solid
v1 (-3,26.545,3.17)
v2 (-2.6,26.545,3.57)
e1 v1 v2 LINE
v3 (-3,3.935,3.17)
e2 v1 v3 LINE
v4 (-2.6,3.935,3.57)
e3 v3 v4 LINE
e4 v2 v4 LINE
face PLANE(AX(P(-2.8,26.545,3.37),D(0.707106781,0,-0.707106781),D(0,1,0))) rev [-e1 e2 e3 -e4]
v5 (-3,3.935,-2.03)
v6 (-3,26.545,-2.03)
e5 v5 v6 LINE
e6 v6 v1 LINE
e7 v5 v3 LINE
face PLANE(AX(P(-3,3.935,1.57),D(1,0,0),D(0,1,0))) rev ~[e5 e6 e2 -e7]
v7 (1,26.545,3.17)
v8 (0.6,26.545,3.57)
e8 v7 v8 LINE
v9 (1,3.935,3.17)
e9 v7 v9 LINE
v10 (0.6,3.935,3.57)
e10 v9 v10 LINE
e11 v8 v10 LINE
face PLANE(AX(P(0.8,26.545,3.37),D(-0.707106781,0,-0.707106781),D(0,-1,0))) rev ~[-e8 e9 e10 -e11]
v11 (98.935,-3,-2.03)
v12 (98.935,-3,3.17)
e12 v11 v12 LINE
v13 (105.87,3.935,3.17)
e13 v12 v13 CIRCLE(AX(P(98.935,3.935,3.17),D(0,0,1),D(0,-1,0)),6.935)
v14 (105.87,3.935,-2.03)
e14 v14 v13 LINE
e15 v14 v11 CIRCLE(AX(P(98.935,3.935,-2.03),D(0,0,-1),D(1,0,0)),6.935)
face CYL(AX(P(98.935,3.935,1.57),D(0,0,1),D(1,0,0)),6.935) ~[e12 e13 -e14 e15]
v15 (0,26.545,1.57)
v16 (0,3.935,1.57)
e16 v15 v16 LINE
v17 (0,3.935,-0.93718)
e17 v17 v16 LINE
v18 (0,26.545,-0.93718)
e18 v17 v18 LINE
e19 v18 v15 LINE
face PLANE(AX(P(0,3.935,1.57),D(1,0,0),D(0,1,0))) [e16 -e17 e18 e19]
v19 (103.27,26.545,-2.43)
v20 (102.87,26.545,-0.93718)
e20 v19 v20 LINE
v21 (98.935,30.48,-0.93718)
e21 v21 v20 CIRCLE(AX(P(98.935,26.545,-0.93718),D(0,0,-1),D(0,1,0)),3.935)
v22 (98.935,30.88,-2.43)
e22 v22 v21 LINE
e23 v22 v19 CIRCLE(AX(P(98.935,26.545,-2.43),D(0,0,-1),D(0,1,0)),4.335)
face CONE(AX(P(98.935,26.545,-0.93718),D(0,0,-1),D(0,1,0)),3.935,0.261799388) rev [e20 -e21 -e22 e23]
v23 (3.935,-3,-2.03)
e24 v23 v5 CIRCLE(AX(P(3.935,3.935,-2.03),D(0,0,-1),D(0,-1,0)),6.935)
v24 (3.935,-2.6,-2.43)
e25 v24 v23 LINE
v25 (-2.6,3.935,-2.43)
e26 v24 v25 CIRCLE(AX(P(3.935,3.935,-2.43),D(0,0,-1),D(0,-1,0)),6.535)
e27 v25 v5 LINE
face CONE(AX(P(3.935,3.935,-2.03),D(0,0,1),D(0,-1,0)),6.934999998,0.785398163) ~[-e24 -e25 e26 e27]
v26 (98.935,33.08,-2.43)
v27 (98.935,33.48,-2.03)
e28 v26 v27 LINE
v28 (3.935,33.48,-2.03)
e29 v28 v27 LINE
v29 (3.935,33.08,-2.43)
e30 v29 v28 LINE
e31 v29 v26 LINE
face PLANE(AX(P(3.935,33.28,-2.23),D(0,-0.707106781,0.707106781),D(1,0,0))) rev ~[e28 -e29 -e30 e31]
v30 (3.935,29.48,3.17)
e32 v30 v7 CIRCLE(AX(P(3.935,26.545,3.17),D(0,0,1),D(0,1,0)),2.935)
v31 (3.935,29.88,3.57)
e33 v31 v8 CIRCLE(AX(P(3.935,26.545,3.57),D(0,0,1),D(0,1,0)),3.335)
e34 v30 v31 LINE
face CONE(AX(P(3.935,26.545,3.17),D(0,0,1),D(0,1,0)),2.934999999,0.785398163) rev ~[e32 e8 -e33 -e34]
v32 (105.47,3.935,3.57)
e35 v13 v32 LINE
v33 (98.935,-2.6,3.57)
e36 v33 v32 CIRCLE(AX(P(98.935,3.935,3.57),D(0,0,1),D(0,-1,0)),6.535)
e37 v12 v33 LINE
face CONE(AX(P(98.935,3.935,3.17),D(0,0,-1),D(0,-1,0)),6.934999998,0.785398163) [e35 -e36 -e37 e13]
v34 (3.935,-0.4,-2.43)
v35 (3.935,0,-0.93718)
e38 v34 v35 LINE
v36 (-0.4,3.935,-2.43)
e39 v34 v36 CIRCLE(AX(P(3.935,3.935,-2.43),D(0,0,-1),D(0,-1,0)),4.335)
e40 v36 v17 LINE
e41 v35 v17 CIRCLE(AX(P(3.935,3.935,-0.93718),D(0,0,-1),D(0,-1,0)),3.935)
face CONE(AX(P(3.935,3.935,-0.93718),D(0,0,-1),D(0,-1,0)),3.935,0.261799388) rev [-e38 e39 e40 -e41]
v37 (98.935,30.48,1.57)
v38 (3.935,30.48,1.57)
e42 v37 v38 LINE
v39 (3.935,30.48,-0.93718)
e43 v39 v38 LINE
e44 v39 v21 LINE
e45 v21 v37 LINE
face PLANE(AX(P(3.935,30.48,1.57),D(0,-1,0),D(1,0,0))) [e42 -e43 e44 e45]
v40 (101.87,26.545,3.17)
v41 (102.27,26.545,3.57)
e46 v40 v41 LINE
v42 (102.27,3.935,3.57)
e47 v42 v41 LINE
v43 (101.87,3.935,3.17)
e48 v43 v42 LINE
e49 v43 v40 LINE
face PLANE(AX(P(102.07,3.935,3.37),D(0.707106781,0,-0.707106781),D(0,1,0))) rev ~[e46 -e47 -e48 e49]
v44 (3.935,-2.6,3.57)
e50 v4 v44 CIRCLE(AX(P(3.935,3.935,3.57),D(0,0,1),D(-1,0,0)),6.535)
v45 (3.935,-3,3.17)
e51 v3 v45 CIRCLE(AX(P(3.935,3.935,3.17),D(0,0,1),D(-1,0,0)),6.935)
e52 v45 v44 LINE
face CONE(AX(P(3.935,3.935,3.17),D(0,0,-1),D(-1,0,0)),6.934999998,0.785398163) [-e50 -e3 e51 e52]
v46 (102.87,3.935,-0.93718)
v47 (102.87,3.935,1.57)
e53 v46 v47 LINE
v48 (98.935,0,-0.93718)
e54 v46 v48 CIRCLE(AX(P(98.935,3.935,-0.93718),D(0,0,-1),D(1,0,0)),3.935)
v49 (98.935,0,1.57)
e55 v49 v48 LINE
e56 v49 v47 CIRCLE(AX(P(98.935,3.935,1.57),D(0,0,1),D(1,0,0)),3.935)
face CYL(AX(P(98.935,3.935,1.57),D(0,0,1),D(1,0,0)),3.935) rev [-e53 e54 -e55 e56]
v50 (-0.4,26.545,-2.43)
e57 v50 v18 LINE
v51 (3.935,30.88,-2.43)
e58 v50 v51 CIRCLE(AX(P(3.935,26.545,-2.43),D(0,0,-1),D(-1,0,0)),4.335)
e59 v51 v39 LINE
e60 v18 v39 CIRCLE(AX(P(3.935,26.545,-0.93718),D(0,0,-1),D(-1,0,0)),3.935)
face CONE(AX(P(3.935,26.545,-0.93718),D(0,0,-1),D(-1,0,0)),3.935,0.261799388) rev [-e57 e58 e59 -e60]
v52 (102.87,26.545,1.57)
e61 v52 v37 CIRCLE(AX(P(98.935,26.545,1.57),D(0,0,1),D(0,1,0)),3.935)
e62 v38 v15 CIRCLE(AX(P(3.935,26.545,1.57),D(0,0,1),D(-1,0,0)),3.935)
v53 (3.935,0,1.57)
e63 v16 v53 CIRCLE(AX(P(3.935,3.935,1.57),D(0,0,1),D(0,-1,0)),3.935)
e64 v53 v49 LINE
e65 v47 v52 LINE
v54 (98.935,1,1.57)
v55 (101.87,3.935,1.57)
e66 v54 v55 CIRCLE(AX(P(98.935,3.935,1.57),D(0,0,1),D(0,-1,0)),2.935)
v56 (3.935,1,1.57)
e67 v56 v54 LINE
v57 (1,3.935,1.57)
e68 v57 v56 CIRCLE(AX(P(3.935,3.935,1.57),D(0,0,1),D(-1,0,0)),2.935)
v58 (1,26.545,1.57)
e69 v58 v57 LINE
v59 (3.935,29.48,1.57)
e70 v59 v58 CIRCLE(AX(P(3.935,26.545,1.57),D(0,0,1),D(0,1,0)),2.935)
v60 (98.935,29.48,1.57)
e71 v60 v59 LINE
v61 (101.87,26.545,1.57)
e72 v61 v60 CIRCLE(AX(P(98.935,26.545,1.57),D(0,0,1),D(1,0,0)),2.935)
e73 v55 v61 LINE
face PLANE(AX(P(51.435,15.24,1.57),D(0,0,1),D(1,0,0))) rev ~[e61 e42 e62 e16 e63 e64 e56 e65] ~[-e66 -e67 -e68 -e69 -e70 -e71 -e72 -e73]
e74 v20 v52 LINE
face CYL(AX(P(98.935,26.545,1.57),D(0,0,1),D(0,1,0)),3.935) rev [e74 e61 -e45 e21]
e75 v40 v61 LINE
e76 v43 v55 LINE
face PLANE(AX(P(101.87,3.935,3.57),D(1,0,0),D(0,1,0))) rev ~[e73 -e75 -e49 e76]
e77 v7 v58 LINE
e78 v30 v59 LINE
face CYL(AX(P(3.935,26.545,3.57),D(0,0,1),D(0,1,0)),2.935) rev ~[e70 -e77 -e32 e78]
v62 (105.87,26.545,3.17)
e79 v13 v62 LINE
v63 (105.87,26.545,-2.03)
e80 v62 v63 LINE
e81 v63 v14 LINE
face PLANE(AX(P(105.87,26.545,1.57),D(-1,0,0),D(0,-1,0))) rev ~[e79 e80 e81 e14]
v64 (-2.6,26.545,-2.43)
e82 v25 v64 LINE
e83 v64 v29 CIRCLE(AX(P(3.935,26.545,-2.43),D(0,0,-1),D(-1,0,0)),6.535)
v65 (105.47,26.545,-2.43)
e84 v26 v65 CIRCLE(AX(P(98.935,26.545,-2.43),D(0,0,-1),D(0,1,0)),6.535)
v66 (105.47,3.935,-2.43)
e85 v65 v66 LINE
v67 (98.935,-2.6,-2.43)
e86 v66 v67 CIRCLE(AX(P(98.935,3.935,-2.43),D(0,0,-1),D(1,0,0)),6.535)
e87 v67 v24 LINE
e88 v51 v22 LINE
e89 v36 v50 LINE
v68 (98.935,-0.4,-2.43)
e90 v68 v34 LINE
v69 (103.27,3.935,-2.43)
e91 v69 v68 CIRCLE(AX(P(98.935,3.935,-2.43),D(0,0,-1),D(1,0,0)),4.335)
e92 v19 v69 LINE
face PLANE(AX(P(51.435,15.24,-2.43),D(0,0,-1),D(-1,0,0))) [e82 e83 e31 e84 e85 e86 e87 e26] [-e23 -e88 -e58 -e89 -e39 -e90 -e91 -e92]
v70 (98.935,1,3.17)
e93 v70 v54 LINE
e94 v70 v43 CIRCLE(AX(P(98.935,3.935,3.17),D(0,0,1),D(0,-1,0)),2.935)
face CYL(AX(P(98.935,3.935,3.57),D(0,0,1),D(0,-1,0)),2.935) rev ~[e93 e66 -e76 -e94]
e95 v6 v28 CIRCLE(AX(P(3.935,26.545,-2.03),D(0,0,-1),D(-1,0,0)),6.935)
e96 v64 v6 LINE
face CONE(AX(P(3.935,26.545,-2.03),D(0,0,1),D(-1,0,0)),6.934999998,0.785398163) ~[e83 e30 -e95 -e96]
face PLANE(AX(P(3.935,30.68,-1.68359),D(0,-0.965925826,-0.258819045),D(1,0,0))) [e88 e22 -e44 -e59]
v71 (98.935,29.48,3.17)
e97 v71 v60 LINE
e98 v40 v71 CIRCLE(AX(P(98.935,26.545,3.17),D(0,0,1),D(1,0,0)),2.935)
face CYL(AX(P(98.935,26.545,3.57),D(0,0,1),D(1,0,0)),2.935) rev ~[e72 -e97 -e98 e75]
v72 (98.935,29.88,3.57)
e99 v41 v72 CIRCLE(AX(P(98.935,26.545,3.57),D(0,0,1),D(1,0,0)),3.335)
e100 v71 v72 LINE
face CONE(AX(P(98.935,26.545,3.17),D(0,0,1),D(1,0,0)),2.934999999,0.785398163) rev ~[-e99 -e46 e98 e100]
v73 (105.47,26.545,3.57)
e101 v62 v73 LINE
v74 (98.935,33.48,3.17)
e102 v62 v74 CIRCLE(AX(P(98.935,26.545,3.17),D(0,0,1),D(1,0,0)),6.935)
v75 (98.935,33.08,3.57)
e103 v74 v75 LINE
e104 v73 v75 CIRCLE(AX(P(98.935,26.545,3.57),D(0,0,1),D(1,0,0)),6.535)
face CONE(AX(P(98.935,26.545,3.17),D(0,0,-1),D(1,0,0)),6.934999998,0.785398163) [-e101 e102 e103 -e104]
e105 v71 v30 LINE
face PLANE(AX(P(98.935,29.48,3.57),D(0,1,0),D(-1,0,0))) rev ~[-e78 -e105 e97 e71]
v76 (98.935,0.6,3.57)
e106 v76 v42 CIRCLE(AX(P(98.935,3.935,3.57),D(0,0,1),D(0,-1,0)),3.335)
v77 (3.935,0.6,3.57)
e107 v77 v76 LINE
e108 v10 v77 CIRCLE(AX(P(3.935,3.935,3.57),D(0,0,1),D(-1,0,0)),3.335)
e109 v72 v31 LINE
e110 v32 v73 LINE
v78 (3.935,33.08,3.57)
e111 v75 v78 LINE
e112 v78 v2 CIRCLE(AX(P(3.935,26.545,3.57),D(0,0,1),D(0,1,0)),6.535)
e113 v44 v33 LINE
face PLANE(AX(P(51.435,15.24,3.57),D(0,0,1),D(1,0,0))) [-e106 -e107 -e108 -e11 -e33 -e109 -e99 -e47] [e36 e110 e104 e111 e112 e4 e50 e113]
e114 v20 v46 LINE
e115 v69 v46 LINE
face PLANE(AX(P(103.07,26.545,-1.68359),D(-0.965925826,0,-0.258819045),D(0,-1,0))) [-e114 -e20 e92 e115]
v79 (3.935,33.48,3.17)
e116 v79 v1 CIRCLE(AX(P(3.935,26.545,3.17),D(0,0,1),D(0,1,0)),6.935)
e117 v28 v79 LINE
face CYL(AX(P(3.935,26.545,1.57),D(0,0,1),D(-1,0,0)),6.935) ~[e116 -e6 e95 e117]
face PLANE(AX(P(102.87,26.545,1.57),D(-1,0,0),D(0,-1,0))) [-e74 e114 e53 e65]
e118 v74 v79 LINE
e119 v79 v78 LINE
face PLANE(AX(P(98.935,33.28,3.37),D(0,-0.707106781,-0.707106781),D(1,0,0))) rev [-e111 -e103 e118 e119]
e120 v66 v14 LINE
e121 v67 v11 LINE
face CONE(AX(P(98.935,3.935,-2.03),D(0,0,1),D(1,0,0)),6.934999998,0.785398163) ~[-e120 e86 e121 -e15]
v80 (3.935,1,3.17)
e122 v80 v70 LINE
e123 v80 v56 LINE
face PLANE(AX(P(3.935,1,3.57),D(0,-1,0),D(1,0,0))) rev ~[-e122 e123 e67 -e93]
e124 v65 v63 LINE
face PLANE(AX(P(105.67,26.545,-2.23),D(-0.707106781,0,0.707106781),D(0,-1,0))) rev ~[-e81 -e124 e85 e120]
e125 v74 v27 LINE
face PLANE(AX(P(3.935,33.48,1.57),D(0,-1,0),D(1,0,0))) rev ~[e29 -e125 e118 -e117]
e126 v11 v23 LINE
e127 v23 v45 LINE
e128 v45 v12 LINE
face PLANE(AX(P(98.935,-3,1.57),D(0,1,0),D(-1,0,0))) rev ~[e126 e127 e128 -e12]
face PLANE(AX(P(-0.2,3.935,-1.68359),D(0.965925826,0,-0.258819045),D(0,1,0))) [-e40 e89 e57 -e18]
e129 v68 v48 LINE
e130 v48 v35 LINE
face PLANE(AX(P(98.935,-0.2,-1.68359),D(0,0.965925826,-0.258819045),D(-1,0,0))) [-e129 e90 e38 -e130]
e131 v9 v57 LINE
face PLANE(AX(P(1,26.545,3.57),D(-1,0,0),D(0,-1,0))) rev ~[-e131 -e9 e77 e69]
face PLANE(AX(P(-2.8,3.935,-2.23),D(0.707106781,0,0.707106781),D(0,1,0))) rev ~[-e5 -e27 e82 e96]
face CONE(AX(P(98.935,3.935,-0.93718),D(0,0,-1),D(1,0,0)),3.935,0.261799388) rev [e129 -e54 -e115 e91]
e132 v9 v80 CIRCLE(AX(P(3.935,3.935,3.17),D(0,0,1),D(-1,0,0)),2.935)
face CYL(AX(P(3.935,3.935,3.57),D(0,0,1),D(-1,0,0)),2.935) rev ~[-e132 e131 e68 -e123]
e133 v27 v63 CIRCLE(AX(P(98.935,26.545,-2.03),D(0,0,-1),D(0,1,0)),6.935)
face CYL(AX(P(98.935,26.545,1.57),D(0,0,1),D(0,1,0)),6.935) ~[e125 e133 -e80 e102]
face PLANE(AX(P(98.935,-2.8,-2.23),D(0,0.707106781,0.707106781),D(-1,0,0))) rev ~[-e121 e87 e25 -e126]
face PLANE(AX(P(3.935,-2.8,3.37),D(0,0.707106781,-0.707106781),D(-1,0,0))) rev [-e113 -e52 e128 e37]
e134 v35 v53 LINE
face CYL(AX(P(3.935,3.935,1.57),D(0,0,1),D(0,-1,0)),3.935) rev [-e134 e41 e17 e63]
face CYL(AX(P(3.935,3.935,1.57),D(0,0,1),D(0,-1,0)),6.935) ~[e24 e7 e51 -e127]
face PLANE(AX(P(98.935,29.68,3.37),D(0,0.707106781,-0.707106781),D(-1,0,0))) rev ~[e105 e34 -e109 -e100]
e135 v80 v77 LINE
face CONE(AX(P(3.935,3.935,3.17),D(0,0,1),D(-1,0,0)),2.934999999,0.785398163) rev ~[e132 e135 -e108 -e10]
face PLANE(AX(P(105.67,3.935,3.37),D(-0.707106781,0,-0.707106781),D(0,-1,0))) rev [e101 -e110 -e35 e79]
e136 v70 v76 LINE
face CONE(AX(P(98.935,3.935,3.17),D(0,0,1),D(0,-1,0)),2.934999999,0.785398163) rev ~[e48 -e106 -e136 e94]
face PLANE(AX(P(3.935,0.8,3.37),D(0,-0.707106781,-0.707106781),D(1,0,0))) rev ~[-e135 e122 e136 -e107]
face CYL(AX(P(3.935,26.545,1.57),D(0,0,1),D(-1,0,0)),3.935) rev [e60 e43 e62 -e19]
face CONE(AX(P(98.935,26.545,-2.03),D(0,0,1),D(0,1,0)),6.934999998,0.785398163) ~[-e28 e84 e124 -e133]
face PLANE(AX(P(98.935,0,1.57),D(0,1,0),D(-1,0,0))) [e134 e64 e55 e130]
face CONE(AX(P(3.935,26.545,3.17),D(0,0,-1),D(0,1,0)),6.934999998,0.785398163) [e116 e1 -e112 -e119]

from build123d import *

# Parameters (mm, degrees)
SKETCH1_W           = 102.87
SKETCH1_H           = 30.48
BOSS_EXTRUDE1_DEPTH = 1.57
FILLET1_R           = 3.935
BOSS_EXTRUDE2_DEPTH = 2
BOSS_EXTRUDE4_DEPTH = 4
BOSS_EXTRUDE5_DEPTH = 2
CHAMFER1_SIZE       = 0.4
CHAMFER1_SIZE2      = 1.492820323
CHAMFER2_SIZE       = 0.4


with BuildPart() as part:
    # Sketch1 → Boss-Extrude1 (new body)
    with BuildSketch(Plane.XY):
        with Locations((51.435, 15.24)):
            Rectangle(SKETCH1_W, SKETCH1_H)
    extrude(amount=BOSS_EXTRUDE1_DEPTH)

    # Fillet1
    fillet1_edges = [part.edges().sort_by_distance(p)[0] for p in [
        (0, 30.48, 0.785),
        (102.87, 30.48, 0.785),
        (102.87, 0, 0.785),
        (0, 0, 0.785),
    ]]
    fillet(fillet1_edges, radius=FILLET1_R)


with BuildPart() as body_2:
    # Sketch7 → Boss-Extrude2 (new body)
    with BuildSketch(Plane.XY.offset(1.57)):
        with BuildLine():
            Line((-3, 26.545), (-3, 3.935))
            ThreePointArc((-3, 3.935), (-0.968785528, -0.968785528), (3.935, -3))
            Line((3.935, -3), (98.935, -3))
            ThreePointArc((98.935, -3), (103.838785528, -0.968785528), (105.87, 3.935))
            Line((105.87, 3.935), (105.87, 26.545))
            ThreePointArc((105.87, 26.545), (103.838785528, 31.448785528), (98.935, 33.48))
            Line((98.935, 33.48), (3.935, 33.48))
            ThreePointArc((3.935, 33.48), (-0.968785528, 31.448785528), (-3, 26.545))
        make_face()
        with BuildLine():
            Line((0, 26.545), (0, 3.935))
            ThreePointArc((0, 3.935), (1.152534816, 1.152534816), (3.935, 0))
            Line((3.935, 0), (98.935, 0))
            ThreePointArc((98.935, 0), (101.717465184, 1.152534816), (102.87, 3.935))
            Line((102.87, 3.935), (102.87, 26.545))
            ThreePointArc((102.87, 26.545), (101.717465184, 29.327465184), (98.935, 30.48))
            Line((98.935, 30.48), (3.935, 30.48))
            ThreePointArc((3.935, 30.48), (1.152534816, 29.327465184), (0, 26.545))
        make_face(mode=Mode.SUBTRACT)
    extrude(amount=BOSS_EXTRUDE2_DEPTH)

    # Sketch9 → Boss-Extrude4 (add)
    with BuildSketch(Plane(origin=(0, 0, 1.57), x_dir=(-1, 0, 0), z_dir=(0, 0, -1))):
        with BuildLine():
            Line((-3.935, 33.48), (-98.935, 33.48))
            ThreePointArc((-98.935, 33.48), (-103.838785528, 31.448785528), (-105.87, 26.545))
            Line((-105.87, 26.545), (-105.87, 3.935))
            ThreePointArc((-105.87, 3.935), (-103.838785528, -0.968785528), (-98.935, -3))
            Line((-98.935, -3), (-3.935, -3))
            ThreePointArc((-3.935, -3), (0.968785528, -0.968785528), (3, 3.935))
            Line((3, 3.935), (3, 26.545))
            ThreePointArc((3, 26.545), (0.968785528, 31.448785528), (-3.935, 33.48))
        make_face()
        with BuildLine():
            Line((-98.935, 0), (-3.935, 0))
            ThreePointArc((-3.935, 0), (-1.152534816, 1.152534816), (0, 3.935))
            Line((0, 3.935), (0, 26.545))
            ThreePointArc((0, 26.545), (-1.152534816, 29.327465184), (-3.935, 30.48))
            Line((-3.935, 30.48), (-98.935, 30.48))
            ThreePointArc((-98.935, 30.48), (-101.717465184, 29.327465184), (-102.87, 26.545))
            Line((-102.87, 26.545), (-102.87, 3.935))
            ThreePointArc((-102.87, 3.935), (-101.717465184, 1.152534816), (-98.935, 0))
        make_face(mode=Mode.SUBTRACT)
    extrude(amount=BOSS_EXTRUDE4_DEPTH)

    # Sketch11 → Boss-Extrude5 (add)
    with BuildSketch(Plane.XY.offset(3.57)):
        with BuildLine():
            Line((-3, 26.545), (-3, 3.935))
            ThreePointArc((-3, 3.935), (-0.968785528, -0.968785528), (3.935, -3))
            Line((3.935, -3), (98.935, -3))
            ThreePointArc((98.935, -3), (103.838785528, -0.968785528), (105.87, 3.935))
            Line((105.87, 3.935), (105.87, 26.545))
            ThreePointArc((105.87, 26.545), (103.838785528, 31.448785528), (98.935, 33.48))
            Line((98.935, 33.48), (3.935, 33.48))
            ThreePointArc((3.935, 33.48), (-0.968785528, 31.448785528), (-3, 26.545))
        make_face()
        with BuildLine():
            Line((101.87, 3.935), (101.87, 26.545))
            ThreePointArc((101.87, 26.545), (101.010358403, 28.620358403), (98.935, 29.48))
            Line((98.935, 29.48), (3.935, 29.48))
            ThreePointArc((3.935, 29.48), (1.859641597, 28.620358403), (1, 26.545))
            Line((1, 26.545), (1, 3.935))
            ThreePointArc((1, 3.935), (1.859641597, 1.859641597), (3.935, 1))
            Line((3.935, 1), (98.935, 1))
            ThreePointArc((98.935, 1), (101.010358403, 1.859641597), (101.87, 3.935))
        make_face(mode=Mode.SUBTRACT)
    extrude(amount=-BOSS_EXTRUDE5_DEPTH)

    # Chamfer1
    chamfer1_edges = [body_2.edges().sort_by_distance(p)[0] for p in [
        (101.717465184, 1.152534816, -2.43),
        (51.435, 0, -2.43),
        (1.152534816, 1.152534816, -2.43),
        (0, 15.24, -2.43),
        (1.152534816, 29.327465184, -2.43),
        (51.435, 30.48, -2.43),
        (101.717465184, 29.327465184, -2.43),
        (102.87, 15.24, -2.43),
    ]]
    chamfer1_side = [body_2.faces().sort_by_distance(p)[0] for p in [
        (-0.156890605, 30.636890605, -2.43),
    ]]
    chamfer(chamfer1_edges, length=CHAMFER1_SIZE, length2=CHAMFER1_SIZE2, reference=chamfer1_side[0])

    # Chamfer2
    chamfer2_edges = [body_2.edges().sort_by_distance(p)[0] for p in [
        (101.010358403, 1.859641597, 3.57),
        (51.435, 1, 3.57),
        (1.859641597, 1.859641597, 3.57),
        (1, 15.24, 3.57),
        (1.859641597, 28.620358403, 3.57),
        (51.435, 29.48, 3.57),
        (101.010358403, 28.620358403, 3.57),
        (101.87, 15.24, 3.57),
        (-0.968785528, -0.968785528, 3.57),
        (51.435, -3, 3.57),
        (103.838785528, -0.968785528, 3.57),
        (105.87, 15.24, 3.57),
        (103.838785528, 31.448785528, 3.57),
        (51.435, 33.48, 3.57),
        (-0.968785528, 31.448785528, 3.57),
        (-0.968785528, 31.448785528, -2.43),
        (51.435, 33.48, -2.43),
        (103.838785528, 31.448785528, -2.43),
        (105.87, 15.24, -2.43),
        (103.838785528, -0.968785528, -2.43),
        (51.435, -3, -2.43),
        (-0.968785528, -0.968785528, -2.43),
        (-3, 15.24, -2.43),
        (-3, 15.24, 3.57),
    ]]
    chamfer(chamfer2_edges, length=CHAMFER2_SIZE)


solid = body_2.part
